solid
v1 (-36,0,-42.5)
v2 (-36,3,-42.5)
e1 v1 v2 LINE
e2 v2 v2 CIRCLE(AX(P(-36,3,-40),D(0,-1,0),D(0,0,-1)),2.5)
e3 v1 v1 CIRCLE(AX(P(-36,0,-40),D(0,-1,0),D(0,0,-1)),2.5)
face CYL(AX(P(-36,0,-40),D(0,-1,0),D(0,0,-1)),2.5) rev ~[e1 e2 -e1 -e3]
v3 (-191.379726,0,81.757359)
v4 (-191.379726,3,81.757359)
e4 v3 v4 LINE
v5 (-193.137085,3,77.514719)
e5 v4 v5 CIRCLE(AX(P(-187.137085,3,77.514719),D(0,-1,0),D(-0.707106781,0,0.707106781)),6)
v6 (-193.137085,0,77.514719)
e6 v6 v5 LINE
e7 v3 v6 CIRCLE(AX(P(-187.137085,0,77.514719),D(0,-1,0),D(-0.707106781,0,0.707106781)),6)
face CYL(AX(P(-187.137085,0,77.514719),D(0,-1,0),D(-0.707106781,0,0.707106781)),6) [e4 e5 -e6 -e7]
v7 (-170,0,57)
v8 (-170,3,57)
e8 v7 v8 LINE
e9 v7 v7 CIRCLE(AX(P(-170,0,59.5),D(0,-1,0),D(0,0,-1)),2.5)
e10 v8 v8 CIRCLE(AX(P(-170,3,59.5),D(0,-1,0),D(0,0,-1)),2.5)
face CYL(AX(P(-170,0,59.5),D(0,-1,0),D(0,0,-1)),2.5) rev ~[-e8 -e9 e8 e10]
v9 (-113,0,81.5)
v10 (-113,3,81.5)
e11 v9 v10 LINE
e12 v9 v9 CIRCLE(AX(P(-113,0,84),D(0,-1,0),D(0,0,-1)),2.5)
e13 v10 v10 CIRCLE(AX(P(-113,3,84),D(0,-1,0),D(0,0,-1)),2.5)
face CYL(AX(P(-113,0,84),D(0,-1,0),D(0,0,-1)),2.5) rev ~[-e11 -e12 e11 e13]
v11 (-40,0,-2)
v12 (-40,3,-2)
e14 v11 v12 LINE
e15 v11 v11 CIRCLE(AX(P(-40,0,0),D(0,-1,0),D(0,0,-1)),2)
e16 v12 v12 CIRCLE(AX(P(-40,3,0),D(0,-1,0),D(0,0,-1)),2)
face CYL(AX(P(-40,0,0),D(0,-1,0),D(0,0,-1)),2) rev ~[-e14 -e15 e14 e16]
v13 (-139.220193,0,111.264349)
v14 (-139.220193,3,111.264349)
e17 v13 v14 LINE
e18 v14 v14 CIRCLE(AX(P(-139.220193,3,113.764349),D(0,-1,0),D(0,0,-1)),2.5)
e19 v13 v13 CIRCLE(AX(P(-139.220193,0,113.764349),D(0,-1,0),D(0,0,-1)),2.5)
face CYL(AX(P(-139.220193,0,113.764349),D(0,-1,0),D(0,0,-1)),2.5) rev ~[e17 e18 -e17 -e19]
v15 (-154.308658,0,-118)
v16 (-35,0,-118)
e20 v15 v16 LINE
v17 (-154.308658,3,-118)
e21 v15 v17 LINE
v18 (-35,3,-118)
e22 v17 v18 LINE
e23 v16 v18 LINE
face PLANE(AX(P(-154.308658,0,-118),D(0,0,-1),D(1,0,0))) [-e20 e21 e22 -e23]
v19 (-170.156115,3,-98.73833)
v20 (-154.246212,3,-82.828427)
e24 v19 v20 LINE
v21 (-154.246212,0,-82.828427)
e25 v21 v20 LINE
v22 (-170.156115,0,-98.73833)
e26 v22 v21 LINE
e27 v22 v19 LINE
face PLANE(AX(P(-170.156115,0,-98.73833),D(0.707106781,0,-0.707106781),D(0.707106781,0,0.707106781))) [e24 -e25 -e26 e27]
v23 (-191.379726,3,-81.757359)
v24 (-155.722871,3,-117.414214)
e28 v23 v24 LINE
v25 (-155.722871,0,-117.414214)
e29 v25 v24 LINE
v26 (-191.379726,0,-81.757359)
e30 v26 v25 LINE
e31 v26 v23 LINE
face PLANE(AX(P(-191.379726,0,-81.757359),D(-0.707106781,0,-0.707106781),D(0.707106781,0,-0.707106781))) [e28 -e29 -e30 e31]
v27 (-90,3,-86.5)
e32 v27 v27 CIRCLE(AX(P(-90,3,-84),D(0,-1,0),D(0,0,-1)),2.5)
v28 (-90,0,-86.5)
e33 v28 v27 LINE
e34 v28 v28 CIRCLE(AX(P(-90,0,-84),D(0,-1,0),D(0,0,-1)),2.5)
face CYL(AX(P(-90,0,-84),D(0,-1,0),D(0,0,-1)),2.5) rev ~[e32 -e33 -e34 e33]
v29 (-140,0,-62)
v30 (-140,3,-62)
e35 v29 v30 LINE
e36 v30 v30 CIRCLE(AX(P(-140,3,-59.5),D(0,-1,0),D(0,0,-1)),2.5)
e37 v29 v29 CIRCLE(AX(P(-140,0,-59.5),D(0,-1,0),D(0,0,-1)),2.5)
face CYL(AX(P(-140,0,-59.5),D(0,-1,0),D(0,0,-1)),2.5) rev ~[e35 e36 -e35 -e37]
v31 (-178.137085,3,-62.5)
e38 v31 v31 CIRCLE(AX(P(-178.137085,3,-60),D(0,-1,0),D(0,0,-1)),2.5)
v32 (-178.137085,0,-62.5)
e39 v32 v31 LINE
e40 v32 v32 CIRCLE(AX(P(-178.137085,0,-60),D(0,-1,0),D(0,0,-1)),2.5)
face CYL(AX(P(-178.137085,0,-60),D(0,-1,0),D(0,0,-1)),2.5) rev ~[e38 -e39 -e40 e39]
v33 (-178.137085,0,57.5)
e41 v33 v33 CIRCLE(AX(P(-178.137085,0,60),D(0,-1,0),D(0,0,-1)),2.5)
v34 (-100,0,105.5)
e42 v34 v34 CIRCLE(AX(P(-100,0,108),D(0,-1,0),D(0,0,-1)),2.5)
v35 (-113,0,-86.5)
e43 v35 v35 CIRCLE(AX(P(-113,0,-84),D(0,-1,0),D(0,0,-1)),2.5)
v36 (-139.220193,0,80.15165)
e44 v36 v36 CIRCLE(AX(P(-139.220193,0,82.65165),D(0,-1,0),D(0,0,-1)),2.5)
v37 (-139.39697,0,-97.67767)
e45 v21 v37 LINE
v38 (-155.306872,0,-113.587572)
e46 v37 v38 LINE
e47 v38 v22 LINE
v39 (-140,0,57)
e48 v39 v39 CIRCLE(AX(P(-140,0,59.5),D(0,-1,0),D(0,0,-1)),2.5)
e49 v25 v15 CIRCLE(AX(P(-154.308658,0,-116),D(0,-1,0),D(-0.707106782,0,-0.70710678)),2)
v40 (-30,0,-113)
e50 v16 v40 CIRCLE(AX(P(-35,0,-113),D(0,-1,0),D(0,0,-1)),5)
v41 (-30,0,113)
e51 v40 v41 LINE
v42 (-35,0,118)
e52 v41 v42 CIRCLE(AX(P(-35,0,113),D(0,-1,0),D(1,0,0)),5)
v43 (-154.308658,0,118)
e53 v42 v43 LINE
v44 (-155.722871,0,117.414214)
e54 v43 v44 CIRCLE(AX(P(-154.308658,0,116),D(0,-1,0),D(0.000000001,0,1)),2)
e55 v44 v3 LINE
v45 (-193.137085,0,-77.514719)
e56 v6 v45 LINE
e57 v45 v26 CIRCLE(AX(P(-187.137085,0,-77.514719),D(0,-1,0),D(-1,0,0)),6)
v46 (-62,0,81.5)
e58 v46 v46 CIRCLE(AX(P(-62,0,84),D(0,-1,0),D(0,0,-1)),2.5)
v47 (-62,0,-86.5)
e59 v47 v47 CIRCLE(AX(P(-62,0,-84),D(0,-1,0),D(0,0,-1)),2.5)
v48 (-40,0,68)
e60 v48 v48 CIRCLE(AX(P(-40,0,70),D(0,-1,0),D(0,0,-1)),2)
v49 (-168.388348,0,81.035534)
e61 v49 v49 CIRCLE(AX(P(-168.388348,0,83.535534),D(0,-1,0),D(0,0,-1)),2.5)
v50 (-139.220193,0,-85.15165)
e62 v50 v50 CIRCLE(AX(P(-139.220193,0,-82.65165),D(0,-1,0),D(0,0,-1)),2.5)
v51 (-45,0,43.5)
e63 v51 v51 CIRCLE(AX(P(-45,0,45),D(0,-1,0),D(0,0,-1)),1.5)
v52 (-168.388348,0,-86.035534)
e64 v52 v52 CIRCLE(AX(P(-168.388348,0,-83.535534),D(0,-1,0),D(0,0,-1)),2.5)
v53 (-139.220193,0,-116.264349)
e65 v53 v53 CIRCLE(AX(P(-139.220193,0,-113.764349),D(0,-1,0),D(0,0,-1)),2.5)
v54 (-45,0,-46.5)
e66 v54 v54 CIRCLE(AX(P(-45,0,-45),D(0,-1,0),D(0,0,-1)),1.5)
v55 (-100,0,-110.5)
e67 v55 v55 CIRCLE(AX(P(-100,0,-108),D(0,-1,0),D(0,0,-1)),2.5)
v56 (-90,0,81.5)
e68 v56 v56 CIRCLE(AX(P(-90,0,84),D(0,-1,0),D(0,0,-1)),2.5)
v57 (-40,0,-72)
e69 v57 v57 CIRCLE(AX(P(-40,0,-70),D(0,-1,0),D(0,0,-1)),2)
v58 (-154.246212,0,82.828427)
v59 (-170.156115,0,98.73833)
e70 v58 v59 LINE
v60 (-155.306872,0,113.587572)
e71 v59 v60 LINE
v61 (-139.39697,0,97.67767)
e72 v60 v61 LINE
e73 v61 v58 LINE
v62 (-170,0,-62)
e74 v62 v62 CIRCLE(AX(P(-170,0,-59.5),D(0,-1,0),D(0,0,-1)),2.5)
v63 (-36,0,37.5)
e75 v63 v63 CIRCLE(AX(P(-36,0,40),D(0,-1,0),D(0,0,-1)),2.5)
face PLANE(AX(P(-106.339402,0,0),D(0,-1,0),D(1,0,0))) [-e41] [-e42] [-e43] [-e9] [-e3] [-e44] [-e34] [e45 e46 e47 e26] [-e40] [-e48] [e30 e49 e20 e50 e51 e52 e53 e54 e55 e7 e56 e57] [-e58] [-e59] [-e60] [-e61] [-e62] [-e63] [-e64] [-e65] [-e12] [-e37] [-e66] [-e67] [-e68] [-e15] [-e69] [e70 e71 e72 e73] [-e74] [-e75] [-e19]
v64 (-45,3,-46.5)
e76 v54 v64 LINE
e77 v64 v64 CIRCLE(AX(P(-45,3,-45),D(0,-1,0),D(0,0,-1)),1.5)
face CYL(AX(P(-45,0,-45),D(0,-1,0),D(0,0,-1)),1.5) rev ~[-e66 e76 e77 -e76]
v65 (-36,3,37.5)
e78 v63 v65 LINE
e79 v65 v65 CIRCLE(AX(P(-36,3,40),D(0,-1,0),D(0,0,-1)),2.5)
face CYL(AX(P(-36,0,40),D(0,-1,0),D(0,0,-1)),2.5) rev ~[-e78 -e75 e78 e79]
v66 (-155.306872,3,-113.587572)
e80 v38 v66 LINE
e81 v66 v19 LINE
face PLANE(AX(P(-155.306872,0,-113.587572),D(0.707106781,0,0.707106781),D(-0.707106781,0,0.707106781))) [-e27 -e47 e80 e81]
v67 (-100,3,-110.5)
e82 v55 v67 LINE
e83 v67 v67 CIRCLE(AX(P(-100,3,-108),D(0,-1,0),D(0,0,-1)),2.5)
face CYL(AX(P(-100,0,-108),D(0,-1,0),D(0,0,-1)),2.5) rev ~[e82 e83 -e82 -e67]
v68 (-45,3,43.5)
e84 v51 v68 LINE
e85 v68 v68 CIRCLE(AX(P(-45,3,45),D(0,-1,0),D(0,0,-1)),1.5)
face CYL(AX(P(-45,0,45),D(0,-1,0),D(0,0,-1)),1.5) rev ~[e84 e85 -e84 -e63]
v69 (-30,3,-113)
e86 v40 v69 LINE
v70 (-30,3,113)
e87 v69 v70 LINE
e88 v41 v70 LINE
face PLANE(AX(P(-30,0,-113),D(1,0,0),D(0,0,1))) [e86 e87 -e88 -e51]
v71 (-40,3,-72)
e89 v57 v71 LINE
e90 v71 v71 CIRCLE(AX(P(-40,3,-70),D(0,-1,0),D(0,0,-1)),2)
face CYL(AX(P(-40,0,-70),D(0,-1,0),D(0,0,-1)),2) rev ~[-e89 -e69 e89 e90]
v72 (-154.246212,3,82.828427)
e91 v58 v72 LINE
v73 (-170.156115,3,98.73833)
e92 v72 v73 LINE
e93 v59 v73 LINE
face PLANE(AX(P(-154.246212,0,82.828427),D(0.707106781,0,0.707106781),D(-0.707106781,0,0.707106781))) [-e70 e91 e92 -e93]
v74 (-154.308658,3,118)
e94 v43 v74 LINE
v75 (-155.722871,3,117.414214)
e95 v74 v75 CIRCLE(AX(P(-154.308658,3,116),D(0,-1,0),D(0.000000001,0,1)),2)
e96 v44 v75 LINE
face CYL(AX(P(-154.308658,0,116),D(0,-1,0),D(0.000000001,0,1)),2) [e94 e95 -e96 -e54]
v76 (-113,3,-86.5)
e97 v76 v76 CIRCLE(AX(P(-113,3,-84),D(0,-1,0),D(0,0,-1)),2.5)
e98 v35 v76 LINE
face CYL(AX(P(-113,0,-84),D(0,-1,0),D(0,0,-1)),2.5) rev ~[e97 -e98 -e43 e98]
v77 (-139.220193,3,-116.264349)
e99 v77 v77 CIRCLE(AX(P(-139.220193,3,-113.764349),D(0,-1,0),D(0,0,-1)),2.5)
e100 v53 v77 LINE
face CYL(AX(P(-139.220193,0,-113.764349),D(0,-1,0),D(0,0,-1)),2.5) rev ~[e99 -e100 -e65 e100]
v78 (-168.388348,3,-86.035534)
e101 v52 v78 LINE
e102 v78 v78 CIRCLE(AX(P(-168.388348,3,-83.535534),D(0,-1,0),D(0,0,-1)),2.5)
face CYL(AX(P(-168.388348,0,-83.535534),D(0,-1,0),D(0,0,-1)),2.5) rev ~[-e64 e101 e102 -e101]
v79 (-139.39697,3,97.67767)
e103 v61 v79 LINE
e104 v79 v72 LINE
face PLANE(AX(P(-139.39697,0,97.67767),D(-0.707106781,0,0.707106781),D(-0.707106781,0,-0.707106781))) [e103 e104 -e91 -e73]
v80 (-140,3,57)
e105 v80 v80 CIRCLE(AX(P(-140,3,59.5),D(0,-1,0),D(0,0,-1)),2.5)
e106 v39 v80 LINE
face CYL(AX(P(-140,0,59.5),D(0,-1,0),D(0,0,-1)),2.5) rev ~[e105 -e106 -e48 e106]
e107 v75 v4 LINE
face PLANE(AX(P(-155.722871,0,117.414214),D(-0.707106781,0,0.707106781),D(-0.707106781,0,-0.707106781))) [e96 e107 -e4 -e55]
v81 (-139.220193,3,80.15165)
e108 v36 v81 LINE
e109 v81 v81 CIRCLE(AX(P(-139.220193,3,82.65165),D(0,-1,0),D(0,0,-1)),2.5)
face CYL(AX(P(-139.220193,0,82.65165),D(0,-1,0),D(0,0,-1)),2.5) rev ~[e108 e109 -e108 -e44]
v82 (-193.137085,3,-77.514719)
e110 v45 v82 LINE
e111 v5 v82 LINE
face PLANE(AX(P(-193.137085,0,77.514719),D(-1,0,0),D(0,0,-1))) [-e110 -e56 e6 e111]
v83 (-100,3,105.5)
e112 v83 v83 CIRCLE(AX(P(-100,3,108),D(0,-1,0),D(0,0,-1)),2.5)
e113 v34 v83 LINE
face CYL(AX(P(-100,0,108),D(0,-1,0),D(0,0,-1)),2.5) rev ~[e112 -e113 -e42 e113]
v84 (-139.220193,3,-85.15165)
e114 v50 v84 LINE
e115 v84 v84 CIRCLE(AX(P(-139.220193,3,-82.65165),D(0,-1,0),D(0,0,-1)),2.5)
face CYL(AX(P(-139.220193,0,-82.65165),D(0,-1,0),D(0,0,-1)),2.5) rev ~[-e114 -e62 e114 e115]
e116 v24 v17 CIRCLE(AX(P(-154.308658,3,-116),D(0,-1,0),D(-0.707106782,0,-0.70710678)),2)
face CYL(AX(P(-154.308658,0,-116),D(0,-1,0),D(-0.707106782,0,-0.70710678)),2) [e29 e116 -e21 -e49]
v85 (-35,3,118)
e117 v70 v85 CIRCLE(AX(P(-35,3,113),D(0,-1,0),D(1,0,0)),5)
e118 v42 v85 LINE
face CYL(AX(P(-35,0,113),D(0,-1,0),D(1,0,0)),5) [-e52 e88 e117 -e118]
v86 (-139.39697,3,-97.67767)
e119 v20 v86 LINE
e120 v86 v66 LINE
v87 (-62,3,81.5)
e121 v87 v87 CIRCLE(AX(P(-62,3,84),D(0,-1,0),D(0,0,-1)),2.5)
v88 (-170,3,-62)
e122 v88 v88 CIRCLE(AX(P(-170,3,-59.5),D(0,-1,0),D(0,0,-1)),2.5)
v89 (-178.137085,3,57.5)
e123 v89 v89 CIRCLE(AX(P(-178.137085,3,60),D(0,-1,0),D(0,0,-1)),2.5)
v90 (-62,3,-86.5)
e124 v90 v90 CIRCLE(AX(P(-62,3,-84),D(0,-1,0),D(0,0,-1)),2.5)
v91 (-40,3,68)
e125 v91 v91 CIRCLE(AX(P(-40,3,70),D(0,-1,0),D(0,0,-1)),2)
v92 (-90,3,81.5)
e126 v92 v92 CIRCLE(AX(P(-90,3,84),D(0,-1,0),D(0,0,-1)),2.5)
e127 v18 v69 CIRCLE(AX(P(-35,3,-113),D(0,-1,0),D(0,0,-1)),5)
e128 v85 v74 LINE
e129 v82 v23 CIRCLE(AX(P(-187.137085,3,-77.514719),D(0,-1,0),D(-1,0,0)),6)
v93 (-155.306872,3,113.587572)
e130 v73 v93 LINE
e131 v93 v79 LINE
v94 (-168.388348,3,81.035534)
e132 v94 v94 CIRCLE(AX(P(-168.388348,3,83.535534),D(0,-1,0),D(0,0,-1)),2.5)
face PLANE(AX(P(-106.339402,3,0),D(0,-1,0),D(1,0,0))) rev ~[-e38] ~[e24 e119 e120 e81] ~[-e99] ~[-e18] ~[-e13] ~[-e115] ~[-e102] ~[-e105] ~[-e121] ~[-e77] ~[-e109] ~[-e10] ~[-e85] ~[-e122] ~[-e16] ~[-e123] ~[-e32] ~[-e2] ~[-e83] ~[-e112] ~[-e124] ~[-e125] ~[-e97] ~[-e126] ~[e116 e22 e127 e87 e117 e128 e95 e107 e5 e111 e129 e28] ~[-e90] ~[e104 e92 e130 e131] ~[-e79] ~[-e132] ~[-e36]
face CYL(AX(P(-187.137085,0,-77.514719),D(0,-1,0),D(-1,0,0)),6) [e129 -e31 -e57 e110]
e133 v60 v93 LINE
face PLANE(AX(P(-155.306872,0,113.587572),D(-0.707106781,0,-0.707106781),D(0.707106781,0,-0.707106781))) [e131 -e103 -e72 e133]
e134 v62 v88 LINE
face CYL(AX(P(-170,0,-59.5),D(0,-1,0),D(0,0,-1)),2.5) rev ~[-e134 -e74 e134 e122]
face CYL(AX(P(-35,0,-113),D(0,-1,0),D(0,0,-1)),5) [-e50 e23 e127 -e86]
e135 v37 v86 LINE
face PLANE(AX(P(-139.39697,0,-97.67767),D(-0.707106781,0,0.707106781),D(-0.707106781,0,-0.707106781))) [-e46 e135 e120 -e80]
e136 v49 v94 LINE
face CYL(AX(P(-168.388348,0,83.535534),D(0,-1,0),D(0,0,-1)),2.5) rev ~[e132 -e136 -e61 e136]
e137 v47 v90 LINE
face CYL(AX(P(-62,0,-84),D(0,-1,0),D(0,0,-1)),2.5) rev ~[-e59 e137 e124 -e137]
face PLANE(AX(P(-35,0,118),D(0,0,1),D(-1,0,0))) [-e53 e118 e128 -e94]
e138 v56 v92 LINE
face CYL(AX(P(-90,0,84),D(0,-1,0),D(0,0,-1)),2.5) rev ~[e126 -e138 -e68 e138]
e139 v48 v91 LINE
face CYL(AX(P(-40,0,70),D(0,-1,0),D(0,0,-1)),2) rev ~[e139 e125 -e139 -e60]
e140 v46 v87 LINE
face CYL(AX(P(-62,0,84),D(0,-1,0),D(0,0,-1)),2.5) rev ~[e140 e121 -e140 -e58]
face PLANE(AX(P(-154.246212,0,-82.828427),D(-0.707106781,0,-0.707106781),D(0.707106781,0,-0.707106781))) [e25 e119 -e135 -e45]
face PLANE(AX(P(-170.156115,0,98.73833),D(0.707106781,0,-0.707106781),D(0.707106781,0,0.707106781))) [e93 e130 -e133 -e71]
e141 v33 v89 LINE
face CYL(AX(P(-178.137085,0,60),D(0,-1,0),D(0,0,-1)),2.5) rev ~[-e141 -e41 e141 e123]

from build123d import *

# Parameters (mm, degrees)
SKETCH_1_R      = 2.5
SKETCH_1_R_2    = 1.5
SKETCH_1_R_3    = 2
EXTRUDE_1_DEPTH = 3


with BuildPart() as part:
    # 草图1 → 凸台-拉伸1 (new body)
    with BuildSketch(Plane.XZ):
        with BuildLine():
            Line((-154.308657865, -118), (-35, -118))
            ThreePointArc((-35, -118), (-31.464466094, -116.535533906), (-30, -113))
            Line((-30, -113), (-30, 113))
            ThreePointArc((-30, 113), (-31.464466094, 116.535533906), (-35, 118))
            Line((-35, 118), (-154.308657865, 118))
            ThreePointArc((-154.308657865, 118), (-155.07402473, 117.847759065), (-155.722871427, 117.414213562))
            Line((-155.722871427, 117.414213562), (-191.379725677, 81.757359313))
            ThreePointArc((-191.379725677, 81.757359313), (-192.680362185, 79.81081922), (-193.13708499, 77.514718626))
            Line((-193.13708499, 77.514718626), (-193.13708499, -77.514718626))
            ThreePointArc((-193.13708499, -77.514718626), (-192.680362185, -79.81081922), (-191.379725677, -81.757359313))
            Line((-191.379725677, -81.757359313), (-155.722871427, -117.414213562))
            ThreePointArc((-155.722871427, -117.414213562), (-155.07402473, -117.847759065), (-154.308657865, -118))
        make_face()
        with Locations(Location((-140, 59.5, 0), (0, 0, 270))):
            Circle(SKETCH_1_R, mode=Mode.SUBTRACT)
        with Locations(Location((-170, -59.5, 0), (0, 0, 270))):
            Circle(SKETCH_1_R, mode=Mode.SUBTRACT)
        with Locations(Location((-140, -59.5, 0), (0, 0, 270))):
            Circle(SKETCH_1_R, mode=Mode.SUBTRACT)
        with Locations(Location((-178.13708499, 60, 0), (0, 0, 270))):
            Circle(SKETCH_1_R, mode=Mode.SUBTRACT)
        with Locations(Location((-178.13708499, -60, 0), (0, 0, 270))):
            Circle(SKETCH_1_R, mode=Mode.SUBTRACT)
        with Locations(Location((-168.388347648, -83.535533906, 0), (0, 0, 270))):
            Circle(SKETCH_1_R, mode=Mode.SUBTRACT)
        with Locations(Location((-168.388347648, 83.535533906, 0), (0, 0, 270))):
            Circle(SKETCH_1_R, mode=Mode.SUBTRACT)
        with Locations(Location((-45, -45, 0), (0, 0, 270))):
            Circle(SKETCH_1_R_2, mode=Mode.SUBTRACT)
        with Locations(Location((-45, 45, 0), (0, 0, 270))):
            Circle(SKETCH_1_R_2, mode=Mode.SUBTRACT)
        with Locations(Location((-36, -40, 0), (0, 0, 270))):
            Circle(SKETCH_1_R, mode=Mode.SUBTRACT)
        with Locations(Location((-36, 40, 0), (0, 0, 270))):
            Circle(SKETCH_1_R, mode=Mode.SUBTRACT)
        with Locations(Location((-62, 84, 0), (0, 0, 270))):
            Circle(SKETCH_1_R, mode=Mode.SUBTRACT)
        with Locations(Location((-90, 84, 0), (0, 0, 270))):
            Circle(SKETCH_1_R, mode=Mode.SUBTRACT)
        with Locations(Location((-113, 84, 0), (0, 0, 270))):
            Circle(SKETCH_1_R, mode=Mode.SUBTRACT)
        with Locations(Location((-62, -84, 0), (0, 0, 270))):
            Circle(SKETCH_1_R, mode=Mode.SUBTRACT)
        with Locations(Location((-90, -84, 0), (0, 0, 270))):
            Circle(SKETCH_1_R, mode=Mode.SUBTRACT)
        with Locations(Location((-113, -84, 0), (0, 0, 270))):
            Circle(SKETCH_1_R, mode=Mode.SUBTRACT)
        with Locations(Location((-100, -108, 0), (0, 0, 270))):
            Circle(SKETCH_1_R, mode=Mode.SUBTRACT)
        with Locations(Location((-100, 108, 0), (0, 0, 270))):
            Circle(SKETCH_1_R, mode=Mode.SUBTRACT)
        with Locations(Location((-139.220192924, 113.764348802, 0), (0, 0, 270))):
            Circle(SKETCH_1_R, mode=Mode.SUBTRACT)
        with Locations(Location((-139.220192924, 82.651650429, 0), (0, 0, 270))):
            Circle(SKETCH_1_R, mode=Mode.SUBTRACT)
        with Locations(Location((-139.220192924, -113.764348802, 0), (0, 0, 270))):
            Circle(SKETCH_1_R, mode=Mode.SUBTRACT)
        with Locations(Location((-139.220192924, -82.651650429, 0), (0, 0, 270))):
            Circle(SKETCH_1_R, mode=Mode.SUBTRACT)
        with Locations(Location((-40, 70, 0), (0, 0, 270))):
            Circle(SKETCH_1_R_3, mode=Mode.SUBTRACT)
        with Locations(Location((-40, -70, 0), (0, 0, 270))):
            Circle(SKETCH_1_R_3, mode=Mode.SUBTRACT)
        with Locations(Location((-40, 0, 0), (0, 0, 270))):
            Circle(SKETCH_1_R_3, mode=Mode.SUBTRACT)
        with Locations(Location((-170, 59.5, 0), (0, 0, 270))):
            Circle(SKETCH_1_R, mode=Mode.SUBTRACT)
        Polygon((-170.156114601, 98.738329701), (-155.306872196, 113.587572106), (-139.39696962, 97.67766953), (-154.246212025, 82.828427125), align=None, mode=Mode.SUBTRACT)
        Polygon((-170.156114601, -98.738329701), (-154.246212025, -82.828427125), (-139.39696962, -97.67766953), (-155.306872196, -113.587572106), align=None, mode=Mode.SUBTRACT)
    extrude(amount=-EXTRUDE_1_DEPTH)


solid = part.part
